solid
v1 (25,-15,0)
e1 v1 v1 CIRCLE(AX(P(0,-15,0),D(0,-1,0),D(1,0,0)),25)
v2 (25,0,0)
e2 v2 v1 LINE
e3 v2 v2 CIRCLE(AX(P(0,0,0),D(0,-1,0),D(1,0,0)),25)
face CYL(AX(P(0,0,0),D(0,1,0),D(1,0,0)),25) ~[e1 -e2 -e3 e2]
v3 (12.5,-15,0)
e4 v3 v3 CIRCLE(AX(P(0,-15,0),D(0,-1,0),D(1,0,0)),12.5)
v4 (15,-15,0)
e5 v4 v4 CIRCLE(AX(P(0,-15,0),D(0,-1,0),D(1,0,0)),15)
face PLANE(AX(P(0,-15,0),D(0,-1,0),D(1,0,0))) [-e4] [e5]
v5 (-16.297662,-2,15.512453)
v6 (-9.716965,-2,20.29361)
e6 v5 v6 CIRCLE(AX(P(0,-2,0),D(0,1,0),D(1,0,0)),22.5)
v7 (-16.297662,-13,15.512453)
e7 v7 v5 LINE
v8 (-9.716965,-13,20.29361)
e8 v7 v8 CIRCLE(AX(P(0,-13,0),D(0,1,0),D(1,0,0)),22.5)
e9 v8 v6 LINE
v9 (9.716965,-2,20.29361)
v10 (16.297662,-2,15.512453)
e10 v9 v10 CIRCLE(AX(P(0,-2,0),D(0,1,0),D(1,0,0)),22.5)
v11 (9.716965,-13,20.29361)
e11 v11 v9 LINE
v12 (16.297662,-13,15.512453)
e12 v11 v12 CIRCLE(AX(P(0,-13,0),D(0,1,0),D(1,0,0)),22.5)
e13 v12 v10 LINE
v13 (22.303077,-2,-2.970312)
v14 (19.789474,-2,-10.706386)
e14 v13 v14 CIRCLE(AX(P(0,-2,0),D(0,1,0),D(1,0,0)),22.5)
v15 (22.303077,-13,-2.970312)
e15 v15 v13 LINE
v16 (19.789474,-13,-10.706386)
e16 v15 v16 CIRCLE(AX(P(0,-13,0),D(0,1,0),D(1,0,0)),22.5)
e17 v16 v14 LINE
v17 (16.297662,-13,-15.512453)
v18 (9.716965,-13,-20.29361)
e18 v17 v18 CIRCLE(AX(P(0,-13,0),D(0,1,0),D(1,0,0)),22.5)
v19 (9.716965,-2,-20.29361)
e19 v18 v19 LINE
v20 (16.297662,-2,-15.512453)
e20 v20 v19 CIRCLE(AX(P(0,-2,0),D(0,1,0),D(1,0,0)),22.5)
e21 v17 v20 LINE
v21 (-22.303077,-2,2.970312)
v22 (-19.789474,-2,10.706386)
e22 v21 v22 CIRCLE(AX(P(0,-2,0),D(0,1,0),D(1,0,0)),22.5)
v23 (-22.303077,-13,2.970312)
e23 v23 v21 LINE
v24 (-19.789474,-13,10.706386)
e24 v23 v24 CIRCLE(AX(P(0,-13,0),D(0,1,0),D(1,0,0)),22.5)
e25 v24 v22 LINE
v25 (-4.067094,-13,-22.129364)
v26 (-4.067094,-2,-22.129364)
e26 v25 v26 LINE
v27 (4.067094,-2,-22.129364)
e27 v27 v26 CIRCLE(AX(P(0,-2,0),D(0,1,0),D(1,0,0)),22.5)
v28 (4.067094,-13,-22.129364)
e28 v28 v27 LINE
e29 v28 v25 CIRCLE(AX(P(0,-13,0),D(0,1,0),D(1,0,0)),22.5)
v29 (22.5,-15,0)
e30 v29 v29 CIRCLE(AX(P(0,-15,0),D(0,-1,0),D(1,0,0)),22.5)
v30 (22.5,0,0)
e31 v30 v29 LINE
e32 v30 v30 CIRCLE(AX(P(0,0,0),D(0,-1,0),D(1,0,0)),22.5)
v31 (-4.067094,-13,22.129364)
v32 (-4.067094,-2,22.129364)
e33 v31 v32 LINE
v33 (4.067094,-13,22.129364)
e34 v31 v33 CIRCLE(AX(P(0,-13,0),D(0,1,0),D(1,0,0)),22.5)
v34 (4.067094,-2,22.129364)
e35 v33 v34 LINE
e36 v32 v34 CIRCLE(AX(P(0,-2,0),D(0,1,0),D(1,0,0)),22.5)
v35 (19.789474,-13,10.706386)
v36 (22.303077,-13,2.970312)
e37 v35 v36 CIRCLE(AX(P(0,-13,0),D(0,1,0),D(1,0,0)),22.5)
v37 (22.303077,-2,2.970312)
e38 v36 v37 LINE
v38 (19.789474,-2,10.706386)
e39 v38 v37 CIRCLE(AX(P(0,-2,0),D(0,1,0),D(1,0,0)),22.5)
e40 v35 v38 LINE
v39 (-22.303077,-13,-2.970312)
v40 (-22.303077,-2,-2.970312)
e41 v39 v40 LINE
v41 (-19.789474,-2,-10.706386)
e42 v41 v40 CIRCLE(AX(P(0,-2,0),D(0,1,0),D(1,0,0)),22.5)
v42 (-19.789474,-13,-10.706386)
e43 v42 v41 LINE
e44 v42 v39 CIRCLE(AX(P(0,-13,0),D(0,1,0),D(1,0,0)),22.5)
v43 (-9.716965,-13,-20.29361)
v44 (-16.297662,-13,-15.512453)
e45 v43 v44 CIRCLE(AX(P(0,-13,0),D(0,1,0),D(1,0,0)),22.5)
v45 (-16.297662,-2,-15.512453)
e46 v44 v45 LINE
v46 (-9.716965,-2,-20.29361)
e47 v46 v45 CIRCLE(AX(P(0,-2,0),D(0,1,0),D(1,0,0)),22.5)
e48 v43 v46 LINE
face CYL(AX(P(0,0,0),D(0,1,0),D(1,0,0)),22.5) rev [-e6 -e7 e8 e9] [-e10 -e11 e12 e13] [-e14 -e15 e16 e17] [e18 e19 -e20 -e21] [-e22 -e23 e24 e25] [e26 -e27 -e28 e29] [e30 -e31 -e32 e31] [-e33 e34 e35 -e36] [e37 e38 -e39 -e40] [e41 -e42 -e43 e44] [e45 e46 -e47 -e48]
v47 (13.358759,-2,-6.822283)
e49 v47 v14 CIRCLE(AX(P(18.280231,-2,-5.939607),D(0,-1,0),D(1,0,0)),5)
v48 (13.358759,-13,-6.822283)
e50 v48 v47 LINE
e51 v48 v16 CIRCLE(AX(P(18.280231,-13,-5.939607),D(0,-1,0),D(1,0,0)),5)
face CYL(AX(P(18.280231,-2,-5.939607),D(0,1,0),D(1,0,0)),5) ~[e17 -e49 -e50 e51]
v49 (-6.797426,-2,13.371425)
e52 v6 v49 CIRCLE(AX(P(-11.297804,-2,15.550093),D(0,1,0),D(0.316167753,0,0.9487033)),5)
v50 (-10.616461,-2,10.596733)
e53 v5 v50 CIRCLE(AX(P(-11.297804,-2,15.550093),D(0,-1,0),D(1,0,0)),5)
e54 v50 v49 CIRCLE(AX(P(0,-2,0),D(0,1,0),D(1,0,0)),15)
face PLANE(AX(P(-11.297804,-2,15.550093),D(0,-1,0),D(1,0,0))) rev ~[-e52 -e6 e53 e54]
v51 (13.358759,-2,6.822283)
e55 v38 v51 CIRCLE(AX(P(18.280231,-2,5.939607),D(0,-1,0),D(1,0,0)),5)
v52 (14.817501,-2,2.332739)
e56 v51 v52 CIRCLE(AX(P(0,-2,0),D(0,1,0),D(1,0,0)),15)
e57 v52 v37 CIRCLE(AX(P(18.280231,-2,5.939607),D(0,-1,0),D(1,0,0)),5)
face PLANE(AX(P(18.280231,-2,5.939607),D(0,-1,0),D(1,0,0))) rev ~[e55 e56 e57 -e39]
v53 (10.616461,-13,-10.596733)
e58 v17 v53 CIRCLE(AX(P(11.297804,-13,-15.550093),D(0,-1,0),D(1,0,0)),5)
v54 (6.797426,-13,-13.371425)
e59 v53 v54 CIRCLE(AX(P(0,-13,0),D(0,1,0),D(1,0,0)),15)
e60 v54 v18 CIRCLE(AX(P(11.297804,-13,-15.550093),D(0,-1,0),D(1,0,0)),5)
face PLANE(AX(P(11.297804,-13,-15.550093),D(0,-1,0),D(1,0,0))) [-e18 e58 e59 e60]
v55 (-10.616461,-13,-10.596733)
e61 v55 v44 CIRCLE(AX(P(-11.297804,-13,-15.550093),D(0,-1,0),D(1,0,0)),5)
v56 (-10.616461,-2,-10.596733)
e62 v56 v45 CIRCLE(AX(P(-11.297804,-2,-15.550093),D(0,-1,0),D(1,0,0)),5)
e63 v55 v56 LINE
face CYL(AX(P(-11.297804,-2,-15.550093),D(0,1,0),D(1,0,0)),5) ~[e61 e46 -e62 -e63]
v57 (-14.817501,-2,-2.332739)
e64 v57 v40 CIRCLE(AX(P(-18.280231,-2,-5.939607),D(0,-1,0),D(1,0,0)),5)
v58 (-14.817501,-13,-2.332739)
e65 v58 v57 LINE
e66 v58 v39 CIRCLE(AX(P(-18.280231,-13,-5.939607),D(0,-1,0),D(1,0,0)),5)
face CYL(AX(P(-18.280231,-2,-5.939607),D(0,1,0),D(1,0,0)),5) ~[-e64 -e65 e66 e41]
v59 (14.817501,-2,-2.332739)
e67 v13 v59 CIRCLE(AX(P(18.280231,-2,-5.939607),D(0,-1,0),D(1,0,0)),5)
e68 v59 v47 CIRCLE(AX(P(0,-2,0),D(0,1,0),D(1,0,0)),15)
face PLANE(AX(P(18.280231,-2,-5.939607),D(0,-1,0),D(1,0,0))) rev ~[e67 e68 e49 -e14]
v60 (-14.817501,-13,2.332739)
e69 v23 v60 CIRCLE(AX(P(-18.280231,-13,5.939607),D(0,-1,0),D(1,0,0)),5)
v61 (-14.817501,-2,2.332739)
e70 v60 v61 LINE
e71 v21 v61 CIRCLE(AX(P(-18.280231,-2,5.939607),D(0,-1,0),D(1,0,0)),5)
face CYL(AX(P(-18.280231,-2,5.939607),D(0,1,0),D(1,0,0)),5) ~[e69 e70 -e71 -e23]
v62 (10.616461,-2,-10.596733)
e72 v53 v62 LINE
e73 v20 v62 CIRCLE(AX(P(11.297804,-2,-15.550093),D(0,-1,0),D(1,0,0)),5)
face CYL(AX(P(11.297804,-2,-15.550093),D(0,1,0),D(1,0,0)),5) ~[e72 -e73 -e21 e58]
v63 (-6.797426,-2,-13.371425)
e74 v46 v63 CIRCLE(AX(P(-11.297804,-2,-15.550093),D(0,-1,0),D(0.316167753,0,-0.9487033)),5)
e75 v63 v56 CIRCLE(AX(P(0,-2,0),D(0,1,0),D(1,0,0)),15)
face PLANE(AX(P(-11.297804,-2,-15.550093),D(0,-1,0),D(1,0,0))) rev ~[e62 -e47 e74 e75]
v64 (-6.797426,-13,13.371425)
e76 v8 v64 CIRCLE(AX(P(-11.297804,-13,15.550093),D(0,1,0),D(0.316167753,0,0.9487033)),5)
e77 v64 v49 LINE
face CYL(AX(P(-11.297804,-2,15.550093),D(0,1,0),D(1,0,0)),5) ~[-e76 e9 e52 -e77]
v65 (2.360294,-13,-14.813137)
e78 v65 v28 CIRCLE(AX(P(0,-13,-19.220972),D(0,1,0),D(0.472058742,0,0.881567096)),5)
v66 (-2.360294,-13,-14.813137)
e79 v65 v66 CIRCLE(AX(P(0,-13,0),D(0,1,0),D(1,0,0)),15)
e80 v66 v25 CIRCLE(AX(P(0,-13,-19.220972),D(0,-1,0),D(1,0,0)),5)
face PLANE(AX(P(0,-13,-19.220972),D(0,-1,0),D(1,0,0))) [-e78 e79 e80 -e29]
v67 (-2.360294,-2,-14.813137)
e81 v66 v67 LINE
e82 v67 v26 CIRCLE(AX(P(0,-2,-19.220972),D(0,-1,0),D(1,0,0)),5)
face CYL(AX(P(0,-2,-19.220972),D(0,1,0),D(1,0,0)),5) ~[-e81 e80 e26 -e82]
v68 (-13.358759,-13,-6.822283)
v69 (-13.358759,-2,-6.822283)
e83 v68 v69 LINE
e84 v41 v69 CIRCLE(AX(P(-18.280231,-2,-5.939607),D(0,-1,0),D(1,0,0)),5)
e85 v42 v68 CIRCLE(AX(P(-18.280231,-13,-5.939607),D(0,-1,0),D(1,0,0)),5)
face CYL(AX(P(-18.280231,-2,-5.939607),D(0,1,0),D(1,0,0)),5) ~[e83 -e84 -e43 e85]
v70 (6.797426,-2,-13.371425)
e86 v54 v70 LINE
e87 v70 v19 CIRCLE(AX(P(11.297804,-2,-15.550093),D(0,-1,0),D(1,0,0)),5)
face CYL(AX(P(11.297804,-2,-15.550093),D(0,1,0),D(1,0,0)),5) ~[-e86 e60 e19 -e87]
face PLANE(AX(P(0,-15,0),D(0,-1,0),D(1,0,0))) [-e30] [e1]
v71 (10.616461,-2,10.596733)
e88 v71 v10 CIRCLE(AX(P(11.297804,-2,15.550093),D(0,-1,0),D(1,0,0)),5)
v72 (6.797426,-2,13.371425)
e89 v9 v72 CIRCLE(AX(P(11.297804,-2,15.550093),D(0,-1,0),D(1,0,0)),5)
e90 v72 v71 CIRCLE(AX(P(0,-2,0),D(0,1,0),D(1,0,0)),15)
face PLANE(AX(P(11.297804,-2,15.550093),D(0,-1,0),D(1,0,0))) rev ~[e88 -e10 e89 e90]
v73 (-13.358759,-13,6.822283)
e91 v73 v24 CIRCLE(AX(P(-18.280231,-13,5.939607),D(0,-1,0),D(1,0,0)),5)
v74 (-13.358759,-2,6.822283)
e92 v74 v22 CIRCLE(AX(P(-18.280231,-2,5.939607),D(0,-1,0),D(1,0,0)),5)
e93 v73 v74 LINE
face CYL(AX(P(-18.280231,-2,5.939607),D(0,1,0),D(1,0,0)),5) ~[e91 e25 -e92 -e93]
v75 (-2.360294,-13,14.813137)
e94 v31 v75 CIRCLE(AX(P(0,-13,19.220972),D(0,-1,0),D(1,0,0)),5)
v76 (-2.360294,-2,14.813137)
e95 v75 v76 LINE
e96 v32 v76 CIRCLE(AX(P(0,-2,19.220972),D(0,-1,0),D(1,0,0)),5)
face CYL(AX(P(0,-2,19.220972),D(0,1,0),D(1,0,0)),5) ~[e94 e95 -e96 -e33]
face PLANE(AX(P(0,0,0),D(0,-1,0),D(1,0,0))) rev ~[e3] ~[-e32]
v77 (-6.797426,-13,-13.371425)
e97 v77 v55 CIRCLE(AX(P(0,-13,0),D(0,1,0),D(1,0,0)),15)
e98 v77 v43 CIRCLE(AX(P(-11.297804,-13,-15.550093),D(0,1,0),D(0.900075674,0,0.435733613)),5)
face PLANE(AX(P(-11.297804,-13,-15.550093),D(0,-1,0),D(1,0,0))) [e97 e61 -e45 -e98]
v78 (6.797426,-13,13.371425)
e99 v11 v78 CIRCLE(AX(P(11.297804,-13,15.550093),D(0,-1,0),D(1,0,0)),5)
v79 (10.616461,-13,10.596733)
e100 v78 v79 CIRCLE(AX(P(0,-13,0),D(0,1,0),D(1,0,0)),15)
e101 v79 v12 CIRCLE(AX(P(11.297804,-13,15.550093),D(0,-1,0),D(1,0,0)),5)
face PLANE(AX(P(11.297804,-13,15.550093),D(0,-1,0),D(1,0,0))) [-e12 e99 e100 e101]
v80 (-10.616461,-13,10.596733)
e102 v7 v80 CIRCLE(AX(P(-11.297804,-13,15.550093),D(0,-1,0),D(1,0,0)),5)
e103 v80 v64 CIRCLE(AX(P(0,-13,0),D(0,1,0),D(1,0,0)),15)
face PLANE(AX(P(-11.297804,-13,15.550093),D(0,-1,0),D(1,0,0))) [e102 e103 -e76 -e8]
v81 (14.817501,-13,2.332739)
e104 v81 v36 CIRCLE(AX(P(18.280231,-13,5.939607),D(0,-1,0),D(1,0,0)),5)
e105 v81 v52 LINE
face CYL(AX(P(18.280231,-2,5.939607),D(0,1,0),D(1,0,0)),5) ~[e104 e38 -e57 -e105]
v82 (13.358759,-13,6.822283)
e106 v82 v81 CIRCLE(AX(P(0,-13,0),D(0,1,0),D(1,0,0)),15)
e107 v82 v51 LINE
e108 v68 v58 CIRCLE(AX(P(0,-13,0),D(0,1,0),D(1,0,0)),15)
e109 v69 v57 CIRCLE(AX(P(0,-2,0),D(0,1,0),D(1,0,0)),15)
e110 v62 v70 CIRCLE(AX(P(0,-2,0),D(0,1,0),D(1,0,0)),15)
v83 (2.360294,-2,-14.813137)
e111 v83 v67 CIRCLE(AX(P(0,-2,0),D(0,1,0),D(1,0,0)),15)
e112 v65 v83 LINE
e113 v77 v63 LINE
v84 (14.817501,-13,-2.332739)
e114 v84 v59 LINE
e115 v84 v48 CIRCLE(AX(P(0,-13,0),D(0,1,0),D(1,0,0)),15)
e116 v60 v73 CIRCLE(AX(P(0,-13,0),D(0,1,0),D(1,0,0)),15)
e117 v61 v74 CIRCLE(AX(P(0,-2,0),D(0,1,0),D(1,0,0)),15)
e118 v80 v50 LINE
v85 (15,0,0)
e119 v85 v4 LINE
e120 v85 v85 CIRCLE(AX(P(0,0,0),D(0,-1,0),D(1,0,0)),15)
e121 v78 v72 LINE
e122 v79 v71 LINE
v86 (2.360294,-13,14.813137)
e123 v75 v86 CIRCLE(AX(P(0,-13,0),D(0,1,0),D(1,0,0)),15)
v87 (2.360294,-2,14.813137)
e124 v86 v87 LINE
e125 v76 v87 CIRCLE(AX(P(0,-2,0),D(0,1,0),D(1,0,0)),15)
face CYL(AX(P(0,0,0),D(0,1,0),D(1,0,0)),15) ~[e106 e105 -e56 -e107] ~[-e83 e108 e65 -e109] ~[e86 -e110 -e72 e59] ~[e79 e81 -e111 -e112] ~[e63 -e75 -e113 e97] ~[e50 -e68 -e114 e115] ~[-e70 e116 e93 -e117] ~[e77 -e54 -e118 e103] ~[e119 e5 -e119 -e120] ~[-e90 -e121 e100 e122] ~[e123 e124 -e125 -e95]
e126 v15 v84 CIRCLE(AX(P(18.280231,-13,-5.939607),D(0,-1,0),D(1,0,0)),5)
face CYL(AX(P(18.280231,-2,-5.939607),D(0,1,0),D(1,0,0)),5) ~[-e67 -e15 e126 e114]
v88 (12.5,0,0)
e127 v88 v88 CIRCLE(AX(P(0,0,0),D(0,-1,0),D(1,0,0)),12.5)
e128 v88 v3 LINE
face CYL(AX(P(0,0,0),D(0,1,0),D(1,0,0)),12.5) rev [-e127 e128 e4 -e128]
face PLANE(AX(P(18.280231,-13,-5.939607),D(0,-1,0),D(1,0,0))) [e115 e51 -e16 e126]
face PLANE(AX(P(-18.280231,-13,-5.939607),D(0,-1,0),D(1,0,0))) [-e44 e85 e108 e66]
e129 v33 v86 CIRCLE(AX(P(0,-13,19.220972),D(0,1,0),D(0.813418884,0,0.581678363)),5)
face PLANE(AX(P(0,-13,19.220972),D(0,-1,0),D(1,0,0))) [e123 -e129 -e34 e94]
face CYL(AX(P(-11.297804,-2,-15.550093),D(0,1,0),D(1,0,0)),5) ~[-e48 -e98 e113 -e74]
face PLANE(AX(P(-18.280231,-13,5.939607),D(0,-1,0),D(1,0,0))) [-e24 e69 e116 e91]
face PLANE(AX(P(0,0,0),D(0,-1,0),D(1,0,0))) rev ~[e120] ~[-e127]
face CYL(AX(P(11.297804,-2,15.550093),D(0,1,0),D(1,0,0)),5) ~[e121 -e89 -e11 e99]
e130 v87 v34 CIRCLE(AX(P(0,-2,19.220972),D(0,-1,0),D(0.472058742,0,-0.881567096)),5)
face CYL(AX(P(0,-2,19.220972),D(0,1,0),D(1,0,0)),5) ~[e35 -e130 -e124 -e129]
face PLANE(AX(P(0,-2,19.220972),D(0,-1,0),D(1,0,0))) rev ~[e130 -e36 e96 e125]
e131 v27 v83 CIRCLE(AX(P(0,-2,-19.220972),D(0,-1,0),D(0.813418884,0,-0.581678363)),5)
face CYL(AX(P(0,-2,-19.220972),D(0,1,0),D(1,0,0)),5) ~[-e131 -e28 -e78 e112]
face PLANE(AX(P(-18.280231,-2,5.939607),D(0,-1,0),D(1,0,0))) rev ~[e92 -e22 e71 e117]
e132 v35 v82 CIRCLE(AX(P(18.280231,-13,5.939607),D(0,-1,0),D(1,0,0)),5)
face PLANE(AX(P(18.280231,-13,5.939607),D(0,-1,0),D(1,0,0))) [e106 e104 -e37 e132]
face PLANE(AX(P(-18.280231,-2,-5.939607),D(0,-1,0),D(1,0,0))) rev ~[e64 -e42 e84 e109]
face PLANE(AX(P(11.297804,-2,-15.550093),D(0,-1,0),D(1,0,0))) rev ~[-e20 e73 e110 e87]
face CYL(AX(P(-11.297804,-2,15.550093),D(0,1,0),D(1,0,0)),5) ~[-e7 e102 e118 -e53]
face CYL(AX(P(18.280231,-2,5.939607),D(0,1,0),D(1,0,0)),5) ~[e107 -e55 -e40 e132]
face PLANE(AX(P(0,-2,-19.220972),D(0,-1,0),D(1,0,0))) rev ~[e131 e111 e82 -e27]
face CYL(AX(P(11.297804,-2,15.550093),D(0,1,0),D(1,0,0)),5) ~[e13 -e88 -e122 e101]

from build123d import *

# Parameters (mm, degrees)
F1_R     = 25
F1_R_2   = 22.5
F1_R_3   = 15
F1_R_4   = 12.5
F2_DEPTH = 15
F3_R     = 5
F4_DEPTH = 11


with BuildPart() as f2:
    # F1 (on Front) → F2 (new body)
    with BuildSketch(Plane.XZ):
        Circle(F1_R)
        Circle(F1_R_2, mode=Mode.SUBTRACT)
        Circle(F1_R_3)
        Circle(F1_R_4, mode=Mode.SUBTRACT)
    extrude(amount=F2_DEPTH)

    # F3 (on offset) → F4 (join)
    with BuildSketch(Plane.XZ.offset(2)):
        with Locations((0, 19.220972)):
            Circle(F3_R)
        with Locations((-11.297804, 15.550093)):
            Circle(F3_R)
        with Locations((-18.280231, 5.939607)):
            Circle(F3_R)
        with Locations((-18.280231, -5.939607)):
            Circle(F3_R)
        with Locations((-11.297804, -15.550093)):
            Circle(F3_R)
        with Locations((0, -19.220972)):
            Circle(F3_R)
        with Locations((11.297804, -15.550093)):
            Circle(F3_R)
        with Locations((18.280231, -5.939607)):
            Circle(F3_R)
        with Locations((18.280231, 5.939607)):
            Circle(F3_R)
        with Locations((11.297804, 15.550093)):
            Circle(F3_R)
    extrude(amount=F4_DEPTH)


solid = f2.part
